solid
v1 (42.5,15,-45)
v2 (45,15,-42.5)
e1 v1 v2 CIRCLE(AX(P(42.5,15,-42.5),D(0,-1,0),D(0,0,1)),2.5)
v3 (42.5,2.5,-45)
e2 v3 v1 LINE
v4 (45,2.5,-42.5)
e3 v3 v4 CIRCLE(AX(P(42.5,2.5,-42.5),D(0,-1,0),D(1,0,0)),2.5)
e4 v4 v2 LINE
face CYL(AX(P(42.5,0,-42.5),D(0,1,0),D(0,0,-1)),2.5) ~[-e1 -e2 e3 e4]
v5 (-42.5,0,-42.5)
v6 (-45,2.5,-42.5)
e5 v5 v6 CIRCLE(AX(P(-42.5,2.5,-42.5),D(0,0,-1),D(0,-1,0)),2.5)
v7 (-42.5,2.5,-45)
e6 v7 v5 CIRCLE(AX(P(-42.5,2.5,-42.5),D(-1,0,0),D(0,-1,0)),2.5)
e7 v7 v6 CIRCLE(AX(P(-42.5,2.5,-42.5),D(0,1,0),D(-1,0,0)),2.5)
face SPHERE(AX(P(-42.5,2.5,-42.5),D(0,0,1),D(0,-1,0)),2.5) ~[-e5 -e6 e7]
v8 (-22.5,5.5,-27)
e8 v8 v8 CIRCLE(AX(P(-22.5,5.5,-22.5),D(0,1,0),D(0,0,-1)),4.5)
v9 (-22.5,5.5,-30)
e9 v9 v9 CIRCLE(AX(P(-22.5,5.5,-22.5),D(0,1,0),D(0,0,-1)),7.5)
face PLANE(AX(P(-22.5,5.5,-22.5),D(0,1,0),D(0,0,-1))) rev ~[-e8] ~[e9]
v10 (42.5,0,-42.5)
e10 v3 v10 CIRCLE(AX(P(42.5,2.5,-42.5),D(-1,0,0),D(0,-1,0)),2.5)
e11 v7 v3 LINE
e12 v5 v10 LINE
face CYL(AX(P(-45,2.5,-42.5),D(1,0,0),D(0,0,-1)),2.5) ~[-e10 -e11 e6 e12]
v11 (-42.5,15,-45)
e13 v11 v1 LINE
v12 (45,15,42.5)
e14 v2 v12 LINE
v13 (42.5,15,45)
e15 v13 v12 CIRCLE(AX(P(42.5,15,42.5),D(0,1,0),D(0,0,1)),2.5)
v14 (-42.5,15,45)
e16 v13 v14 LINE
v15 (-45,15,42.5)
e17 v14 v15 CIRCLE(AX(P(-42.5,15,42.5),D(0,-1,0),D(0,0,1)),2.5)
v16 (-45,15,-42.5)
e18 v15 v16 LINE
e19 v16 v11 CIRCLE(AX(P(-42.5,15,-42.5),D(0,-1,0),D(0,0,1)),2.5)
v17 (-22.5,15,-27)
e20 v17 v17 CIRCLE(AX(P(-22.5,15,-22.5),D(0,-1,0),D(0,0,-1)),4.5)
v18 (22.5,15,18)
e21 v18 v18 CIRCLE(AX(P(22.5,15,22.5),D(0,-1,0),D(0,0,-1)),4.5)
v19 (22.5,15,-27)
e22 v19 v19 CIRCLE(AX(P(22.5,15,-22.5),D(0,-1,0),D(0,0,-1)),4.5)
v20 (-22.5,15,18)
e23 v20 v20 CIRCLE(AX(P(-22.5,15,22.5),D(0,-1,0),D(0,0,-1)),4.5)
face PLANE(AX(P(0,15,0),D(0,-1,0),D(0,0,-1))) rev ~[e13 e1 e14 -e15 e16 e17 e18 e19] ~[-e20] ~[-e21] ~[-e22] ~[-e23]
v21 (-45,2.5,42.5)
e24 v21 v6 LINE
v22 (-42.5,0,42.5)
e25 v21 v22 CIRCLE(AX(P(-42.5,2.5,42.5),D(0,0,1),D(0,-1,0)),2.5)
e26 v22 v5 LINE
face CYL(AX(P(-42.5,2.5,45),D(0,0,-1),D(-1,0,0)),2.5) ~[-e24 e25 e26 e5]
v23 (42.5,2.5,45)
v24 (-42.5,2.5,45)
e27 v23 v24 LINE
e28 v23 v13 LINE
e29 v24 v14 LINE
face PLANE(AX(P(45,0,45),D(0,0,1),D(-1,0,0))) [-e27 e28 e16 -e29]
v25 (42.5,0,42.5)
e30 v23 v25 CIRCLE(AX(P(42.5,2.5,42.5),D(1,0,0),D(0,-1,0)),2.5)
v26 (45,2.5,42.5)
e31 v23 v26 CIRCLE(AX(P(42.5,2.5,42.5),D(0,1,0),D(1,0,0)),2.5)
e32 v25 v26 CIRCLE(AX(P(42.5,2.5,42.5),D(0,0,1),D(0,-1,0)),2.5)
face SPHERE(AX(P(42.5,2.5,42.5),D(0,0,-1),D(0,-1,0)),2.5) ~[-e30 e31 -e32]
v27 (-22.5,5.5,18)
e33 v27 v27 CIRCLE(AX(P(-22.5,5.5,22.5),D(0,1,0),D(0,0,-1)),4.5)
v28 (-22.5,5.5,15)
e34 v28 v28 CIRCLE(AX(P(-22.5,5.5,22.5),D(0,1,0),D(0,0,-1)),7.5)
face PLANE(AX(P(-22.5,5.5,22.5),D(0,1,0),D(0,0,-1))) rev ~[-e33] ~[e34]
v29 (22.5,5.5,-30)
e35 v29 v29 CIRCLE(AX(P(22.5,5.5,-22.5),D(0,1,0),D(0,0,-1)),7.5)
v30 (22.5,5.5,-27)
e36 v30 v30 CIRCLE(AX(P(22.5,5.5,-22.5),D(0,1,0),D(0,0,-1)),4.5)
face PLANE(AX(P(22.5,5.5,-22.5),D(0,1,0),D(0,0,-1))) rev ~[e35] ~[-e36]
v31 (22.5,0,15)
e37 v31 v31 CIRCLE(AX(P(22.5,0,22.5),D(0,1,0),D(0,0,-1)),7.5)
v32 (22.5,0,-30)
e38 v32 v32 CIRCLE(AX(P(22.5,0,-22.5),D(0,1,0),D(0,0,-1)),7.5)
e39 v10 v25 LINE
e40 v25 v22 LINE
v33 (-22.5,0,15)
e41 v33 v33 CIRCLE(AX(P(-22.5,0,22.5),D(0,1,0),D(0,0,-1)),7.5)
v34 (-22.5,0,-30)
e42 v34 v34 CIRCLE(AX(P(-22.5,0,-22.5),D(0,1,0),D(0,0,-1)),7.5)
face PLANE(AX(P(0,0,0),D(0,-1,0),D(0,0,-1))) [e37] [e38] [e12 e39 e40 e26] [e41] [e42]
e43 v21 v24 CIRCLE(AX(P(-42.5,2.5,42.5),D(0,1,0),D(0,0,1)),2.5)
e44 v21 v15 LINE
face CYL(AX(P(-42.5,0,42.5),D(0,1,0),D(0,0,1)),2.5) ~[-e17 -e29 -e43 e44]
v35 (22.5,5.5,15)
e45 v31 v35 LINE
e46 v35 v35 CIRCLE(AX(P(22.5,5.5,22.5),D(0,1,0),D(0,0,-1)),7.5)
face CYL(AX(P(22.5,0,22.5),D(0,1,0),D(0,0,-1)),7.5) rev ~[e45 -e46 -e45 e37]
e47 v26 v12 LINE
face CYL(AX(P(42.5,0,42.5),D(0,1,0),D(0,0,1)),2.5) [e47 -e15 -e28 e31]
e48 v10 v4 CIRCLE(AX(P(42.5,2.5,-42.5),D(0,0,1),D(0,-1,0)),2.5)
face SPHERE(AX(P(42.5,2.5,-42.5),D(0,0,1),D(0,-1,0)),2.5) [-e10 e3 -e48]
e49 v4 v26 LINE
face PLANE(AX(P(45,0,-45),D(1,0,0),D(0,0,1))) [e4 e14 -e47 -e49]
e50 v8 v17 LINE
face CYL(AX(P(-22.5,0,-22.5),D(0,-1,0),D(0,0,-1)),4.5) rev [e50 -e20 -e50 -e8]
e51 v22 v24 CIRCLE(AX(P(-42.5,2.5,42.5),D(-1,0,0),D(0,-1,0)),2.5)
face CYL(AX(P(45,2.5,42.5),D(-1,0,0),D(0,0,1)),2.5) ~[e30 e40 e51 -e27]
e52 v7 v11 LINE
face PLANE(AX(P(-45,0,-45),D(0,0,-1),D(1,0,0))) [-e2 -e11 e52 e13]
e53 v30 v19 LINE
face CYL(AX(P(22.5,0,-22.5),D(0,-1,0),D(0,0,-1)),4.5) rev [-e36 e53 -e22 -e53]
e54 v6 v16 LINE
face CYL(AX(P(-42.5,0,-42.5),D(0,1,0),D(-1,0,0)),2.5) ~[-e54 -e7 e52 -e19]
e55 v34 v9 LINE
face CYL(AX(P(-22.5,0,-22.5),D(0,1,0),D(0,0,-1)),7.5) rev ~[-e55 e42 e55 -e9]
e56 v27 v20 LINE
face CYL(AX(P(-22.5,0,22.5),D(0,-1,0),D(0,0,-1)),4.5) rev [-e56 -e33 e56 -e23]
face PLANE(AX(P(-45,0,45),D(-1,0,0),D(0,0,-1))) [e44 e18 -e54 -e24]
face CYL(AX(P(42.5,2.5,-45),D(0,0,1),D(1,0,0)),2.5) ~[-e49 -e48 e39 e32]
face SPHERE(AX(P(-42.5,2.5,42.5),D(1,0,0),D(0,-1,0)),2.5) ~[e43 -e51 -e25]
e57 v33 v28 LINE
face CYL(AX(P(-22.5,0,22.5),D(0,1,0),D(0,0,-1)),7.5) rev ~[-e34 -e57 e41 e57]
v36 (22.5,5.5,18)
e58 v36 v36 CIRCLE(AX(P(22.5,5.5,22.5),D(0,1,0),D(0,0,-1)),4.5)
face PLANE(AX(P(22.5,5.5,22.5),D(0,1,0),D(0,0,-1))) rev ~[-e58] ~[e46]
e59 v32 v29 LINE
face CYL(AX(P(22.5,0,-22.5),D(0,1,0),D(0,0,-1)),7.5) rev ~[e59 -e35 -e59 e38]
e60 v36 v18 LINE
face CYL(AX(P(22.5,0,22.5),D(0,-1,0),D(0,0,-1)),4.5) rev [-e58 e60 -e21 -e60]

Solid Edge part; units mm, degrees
sketch "Sketch1" plane through (0, 0, 0) normal (0, -1, 0) x (1, 0, 0)
  line L0 (45, 45) -> (-45, 45)
  line L1 (-45, 45) -> (-45, -45)
  line L2 (-45, -45) -> (45, -45)
  line L3 (45, -45) -> (45, 45)
  dimension "D1" = 90
extrude "Protrusion1" add sketch "Sketch1" against normal blind 15
fillet "Redondeo_1" radius 2.5 8 edges at (45, 0, 0) (0, 0, 45) (-45, 0, 0) (0, 0, -45) (45, 7.5, 45) (45, 7.5, -45) (-45, 7.5, -45) (-45, 7.5, 45)
hole "Agujero_1" at (-22.5, 0, 22.5) direction (0, 1, 0) diameter 9 end up to next counterbore diameter 15 counterbore depth 5.5
pattern_linear "Pattern1" count 2 spacing 45 along (1, 0, 0) count 2 spacing 45 along (0, 0, -1) of "Agujero_1"
properties part number "1983-1100-C03"
